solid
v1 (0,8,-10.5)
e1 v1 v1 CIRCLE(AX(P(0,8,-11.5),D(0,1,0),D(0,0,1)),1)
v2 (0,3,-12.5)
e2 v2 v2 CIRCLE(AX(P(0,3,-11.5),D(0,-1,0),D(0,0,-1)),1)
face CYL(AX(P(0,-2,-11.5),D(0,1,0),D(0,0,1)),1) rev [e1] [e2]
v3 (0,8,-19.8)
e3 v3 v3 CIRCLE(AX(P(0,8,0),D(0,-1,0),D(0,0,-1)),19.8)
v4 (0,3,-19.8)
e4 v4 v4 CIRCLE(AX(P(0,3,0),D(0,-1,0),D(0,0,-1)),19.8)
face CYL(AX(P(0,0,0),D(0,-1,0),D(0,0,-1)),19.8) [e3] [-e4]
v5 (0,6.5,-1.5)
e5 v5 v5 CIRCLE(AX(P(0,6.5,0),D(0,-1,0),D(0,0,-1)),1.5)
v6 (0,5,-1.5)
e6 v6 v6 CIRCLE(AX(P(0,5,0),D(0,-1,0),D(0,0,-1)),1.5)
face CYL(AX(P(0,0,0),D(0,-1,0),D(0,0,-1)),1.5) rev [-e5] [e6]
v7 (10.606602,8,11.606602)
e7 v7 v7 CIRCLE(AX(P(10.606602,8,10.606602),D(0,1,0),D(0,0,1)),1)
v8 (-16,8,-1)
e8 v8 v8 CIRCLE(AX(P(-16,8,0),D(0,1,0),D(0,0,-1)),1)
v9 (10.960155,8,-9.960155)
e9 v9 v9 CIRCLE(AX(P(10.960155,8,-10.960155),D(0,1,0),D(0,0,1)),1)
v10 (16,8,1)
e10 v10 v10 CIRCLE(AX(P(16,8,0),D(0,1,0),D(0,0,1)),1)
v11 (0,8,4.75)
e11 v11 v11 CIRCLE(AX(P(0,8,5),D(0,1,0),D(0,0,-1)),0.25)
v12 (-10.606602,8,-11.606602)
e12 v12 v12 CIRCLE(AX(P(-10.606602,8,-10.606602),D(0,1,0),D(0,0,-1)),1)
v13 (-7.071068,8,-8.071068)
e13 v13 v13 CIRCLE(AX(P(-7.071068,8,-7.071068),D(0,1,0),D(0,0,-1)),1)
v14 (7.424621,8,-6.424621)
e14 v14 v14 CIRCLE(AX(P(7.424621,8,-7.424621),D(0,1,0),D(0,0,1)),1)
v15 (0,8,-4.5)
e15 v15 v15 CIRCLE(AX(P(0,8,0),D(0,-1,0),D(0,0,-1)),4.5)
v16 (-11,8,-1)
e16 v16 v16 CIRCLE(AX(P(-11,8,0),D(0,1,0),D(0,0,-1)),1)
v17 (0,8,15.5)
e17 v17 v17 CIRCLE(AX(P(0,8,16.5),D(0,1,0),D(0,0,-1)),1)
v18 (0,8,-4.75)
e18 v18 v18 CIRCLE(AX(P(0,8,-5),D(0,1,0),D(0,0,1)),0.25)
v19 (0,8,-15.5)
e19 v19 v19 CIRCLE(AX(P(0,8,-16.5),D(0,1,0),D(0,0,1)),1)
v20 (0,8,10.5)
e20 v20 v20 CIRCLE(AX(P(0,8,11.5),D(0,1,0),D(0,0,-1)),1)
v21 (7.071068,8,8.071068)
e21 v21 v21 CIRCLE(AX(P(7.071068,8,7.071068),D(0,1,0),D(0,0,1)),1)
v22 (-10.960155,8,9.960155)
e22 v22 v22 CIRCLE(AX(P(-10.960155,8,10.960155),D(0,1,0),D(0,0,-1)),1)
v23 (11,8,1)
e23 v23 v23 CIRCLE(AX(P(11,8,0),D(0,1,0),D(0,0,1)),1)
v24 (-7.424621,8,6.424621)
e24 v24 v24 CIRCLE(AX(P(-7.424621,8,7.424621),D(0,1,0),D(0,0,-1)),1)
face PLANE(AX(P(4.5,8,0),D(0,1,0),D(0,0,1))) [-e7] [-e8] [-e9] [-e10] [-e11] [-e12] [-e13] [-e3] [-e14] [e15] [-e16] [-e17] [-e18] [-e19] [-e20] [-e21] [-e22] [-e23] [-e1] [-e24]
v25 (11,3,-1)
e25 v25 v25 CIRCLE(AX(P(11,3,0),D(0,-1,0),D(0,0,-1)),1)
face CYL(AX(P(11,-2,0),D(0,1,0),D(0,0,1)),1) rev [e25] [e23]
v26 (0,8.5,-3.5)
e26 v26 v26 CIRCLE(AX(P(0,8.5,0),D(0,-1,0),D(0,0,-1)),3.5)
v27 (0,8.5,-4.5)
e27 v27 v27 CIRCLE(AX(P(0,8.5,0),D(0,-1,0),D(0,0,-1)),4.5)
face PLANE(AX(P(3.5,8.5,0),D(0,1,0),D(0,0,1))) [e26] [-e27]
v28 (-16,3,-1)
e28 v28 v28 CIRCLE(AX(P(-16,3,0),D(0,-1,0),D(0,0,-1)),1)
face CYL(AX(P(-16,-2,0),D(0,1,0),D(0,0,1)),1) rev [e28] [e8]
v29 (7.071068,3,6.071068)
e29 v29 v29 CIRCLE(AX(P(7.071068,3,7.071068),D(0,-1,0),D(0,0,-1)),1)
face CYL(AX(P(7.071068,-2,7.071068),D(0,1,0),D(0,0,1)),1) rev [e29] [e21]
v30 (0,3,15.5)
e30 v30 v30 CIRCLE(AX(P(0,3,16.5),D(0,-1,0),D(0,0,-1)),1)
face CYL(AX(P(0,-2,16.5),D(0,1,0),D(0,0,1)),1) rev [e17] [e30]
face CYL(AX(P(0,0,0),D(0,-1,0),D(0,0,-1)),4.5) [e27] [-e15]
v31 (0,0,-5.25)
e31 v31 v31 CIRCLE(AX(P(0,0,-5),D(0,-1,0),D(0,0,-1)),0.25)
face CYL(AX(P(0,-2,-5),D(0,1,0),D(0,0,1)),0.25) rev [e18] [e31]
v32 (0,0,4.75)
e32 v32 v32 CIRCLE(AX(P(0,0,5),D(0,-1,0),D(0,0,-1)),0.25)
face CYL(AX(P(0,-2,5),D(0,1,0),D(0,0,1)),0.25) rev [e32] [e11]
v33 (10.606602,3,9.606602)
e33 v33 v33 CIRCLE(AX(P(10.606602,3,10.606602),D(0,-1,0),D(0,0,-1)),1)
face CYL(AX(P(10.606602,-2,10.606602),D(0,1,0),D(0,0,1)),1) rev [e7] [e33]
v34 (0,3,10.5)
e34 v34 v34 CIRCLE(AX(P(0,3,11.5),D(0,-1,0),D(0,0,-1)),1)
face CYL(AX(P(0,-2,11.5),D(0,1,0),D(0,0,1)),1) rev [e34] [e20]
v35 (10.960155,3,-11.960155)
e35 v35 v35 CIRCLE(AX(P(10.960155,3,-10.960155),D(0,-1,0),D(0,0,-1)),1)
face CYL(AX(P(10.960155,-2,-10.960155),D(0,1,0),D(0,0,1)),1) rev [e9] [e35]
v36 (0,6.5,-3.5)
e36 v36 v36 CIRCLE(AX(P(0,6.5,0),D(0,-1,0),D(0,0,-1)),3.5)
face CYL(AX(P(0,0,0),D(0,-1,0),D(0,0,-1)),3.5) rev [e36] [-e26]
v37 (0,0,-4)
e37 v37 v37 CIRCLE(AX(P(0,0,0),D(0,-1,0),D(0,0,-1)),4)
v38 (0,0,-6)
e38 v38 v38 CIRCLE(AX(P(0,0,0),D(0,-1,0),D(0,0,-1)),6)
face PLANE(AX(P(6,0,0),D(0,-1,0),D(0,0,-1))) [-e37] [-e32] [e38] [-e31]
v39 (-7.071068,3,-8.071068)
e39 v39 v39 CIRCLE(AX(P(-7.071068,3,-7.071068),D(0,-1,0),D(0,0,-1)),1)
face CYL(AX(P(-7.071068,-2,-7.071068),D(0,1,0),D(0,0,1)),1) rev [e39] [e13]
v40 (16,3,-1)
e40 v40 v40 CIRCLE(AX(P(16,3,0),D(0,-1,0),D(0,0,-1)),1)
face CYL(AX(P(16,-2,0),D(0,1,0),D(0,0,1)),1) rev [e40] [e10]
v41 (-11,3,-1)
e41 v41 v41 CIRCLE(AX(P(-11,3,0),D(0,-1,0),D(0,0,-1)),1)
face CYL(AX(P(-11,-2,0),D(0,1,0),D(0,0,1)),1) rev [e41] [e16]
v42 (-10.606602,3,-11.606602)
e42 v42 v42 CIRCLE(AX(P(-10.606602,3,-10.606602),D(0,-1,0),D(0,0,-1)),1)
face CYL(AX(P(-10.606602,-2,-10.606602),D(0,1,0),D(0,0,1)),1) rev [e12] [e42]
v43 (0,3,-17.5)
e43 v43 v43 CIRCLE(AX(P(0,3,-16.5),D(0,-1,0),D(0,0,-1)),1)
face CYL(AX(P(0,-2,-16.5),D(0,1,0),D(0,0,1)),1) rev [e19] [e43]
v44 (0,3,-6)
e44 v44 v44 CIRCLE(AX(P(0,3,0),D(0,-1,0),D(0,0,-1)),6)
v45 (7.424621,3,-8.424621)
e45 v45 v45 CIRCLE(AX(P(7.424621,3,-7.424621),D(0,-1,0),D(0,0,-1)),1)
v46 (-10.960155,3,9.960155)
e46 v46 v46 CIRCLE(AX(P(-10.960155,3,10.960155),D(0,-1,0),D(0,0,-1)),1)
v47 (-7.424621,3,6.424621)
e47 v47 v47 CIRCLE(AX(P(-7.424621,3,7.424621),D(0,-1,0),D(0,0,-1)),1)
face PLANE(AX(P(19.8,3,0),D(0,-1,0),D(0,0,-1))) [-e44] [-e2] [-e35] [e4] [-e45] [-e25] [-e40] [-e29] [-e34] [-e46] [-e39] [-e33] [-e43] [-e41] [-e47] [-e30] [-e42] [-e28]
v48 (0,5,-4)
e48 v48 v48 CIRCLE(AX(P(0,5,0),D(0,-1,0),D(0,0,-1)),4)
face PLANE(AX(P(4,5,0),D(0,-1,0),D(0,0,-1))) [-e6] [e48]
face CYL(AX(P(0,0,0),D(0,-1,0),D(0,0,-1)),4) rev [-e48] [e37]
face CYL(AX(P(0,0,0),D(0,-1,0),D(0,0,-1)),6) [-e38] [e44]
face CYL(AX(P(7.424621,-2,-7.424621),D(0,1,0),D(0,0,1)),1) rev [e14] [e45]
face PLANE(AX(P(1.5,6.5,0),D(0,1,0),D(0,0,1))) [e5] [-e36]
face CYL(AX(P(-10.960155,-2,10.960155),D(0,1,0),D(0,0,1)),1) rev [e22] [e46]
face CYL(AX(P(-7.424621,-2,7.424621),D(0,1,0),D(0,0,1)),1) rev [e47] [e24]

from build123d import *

# Parameters (mm, degrees)
ESQUISSE2_R                  = 1
ESQUISSE2_R_2                = 0.25
ENL_V_MAT_EXTRU_1_DEPTH      = 10
R_P_TITION_CIRCULAIRE1_COUNT = 2


with BuildPart() as part:
    # Esquisse1 → Révolution1 (revolve)
    with BuildSketch(Plane.XY, mode=Mode.PRIVATE) as r_volution1_sk:
        Polygon((4, 0), (4, 5), (1.5, 5), (1.5, 6.5), (3.5, 6.5), (3.5, 8.5), (4.5, 8.5), (4.5, 8), (19.8, 8), (19.8, 3), (6, 3), (6, 0), align=None)
    revolve(r_volution1_sk.sketch.rotate(Axis((0, 0, 0), (0, 1, 0)), 90), axis=Axis((0, 0, 0), (0, 1, 0)))

    # Esquisse2 → Enlèv. mat.-Extru.1 (cut)
    with BuildSketch(Plane(origin=(0, 8, 0), x_dir=(1, 0, 0), z_dir=(0, 1, 0))):
        with Locations(Location((0, 16.5, 0), (0, 0, 270))):
            Circle(ESQUISSE2_R)
        with Locations(Location((0, 11.5, 0), (0, 0, 270))):
            Circle(ESQUISSE2_R)
        with Locations(Location((0, 5, 0), (0, 0, 270))):
            Circle(ESQUISSE2_R_2)
        with Locations(Location((7.424621202, 7.424621202, 0), (0, 0, 270))):
            Circle(ESQUISSE2_R)
        with Locations(Location((10.960155108, 10.960155108, 0), (0, 0, 270))):
            Circle(ESQUISSE2_R)
        with Locations(Location((11, 0, 0), (0, 0, 270))):
            Circle(ESQUISSE2_R)
        with Locations(Location((16, 0, 0), (0, 0, 270))):
            Circle(ESQUISSE2_R)
        with Locations(Location((10.606601718, -10.606601718, 0), (0, 0, 270))):
            Circle(ESQUISSE2_R)
        with Locations(Location((7.071067812, -7.071067812, 0), (0, 0, 270))):
            Circle(ESQUISSE2_R)
    enl_v_mat_extru_1 = extrude(amount=-ENL_V_MAT_EXTRU_1_DEPTH, mode=Mode.SUBTRACT)

    # Répétition circulaire1: Enlèv. mat.-Extru.1 ×2 about axis
    r_p_tition_circulaire1_axis = Axis((0, 0, 0), (0, 1, 0))
    for i in range(1, R_P_TITION_CIRCULAIRE1_COUNT):
        add(enl_v_mat_extru_1.rotate(r_p_tition_circulaire1_axis, i * 360 / R_P_TITION_CIRCULAIRE1_COUNT), mode=Mode.SUBTRACT)


solid = part.part
